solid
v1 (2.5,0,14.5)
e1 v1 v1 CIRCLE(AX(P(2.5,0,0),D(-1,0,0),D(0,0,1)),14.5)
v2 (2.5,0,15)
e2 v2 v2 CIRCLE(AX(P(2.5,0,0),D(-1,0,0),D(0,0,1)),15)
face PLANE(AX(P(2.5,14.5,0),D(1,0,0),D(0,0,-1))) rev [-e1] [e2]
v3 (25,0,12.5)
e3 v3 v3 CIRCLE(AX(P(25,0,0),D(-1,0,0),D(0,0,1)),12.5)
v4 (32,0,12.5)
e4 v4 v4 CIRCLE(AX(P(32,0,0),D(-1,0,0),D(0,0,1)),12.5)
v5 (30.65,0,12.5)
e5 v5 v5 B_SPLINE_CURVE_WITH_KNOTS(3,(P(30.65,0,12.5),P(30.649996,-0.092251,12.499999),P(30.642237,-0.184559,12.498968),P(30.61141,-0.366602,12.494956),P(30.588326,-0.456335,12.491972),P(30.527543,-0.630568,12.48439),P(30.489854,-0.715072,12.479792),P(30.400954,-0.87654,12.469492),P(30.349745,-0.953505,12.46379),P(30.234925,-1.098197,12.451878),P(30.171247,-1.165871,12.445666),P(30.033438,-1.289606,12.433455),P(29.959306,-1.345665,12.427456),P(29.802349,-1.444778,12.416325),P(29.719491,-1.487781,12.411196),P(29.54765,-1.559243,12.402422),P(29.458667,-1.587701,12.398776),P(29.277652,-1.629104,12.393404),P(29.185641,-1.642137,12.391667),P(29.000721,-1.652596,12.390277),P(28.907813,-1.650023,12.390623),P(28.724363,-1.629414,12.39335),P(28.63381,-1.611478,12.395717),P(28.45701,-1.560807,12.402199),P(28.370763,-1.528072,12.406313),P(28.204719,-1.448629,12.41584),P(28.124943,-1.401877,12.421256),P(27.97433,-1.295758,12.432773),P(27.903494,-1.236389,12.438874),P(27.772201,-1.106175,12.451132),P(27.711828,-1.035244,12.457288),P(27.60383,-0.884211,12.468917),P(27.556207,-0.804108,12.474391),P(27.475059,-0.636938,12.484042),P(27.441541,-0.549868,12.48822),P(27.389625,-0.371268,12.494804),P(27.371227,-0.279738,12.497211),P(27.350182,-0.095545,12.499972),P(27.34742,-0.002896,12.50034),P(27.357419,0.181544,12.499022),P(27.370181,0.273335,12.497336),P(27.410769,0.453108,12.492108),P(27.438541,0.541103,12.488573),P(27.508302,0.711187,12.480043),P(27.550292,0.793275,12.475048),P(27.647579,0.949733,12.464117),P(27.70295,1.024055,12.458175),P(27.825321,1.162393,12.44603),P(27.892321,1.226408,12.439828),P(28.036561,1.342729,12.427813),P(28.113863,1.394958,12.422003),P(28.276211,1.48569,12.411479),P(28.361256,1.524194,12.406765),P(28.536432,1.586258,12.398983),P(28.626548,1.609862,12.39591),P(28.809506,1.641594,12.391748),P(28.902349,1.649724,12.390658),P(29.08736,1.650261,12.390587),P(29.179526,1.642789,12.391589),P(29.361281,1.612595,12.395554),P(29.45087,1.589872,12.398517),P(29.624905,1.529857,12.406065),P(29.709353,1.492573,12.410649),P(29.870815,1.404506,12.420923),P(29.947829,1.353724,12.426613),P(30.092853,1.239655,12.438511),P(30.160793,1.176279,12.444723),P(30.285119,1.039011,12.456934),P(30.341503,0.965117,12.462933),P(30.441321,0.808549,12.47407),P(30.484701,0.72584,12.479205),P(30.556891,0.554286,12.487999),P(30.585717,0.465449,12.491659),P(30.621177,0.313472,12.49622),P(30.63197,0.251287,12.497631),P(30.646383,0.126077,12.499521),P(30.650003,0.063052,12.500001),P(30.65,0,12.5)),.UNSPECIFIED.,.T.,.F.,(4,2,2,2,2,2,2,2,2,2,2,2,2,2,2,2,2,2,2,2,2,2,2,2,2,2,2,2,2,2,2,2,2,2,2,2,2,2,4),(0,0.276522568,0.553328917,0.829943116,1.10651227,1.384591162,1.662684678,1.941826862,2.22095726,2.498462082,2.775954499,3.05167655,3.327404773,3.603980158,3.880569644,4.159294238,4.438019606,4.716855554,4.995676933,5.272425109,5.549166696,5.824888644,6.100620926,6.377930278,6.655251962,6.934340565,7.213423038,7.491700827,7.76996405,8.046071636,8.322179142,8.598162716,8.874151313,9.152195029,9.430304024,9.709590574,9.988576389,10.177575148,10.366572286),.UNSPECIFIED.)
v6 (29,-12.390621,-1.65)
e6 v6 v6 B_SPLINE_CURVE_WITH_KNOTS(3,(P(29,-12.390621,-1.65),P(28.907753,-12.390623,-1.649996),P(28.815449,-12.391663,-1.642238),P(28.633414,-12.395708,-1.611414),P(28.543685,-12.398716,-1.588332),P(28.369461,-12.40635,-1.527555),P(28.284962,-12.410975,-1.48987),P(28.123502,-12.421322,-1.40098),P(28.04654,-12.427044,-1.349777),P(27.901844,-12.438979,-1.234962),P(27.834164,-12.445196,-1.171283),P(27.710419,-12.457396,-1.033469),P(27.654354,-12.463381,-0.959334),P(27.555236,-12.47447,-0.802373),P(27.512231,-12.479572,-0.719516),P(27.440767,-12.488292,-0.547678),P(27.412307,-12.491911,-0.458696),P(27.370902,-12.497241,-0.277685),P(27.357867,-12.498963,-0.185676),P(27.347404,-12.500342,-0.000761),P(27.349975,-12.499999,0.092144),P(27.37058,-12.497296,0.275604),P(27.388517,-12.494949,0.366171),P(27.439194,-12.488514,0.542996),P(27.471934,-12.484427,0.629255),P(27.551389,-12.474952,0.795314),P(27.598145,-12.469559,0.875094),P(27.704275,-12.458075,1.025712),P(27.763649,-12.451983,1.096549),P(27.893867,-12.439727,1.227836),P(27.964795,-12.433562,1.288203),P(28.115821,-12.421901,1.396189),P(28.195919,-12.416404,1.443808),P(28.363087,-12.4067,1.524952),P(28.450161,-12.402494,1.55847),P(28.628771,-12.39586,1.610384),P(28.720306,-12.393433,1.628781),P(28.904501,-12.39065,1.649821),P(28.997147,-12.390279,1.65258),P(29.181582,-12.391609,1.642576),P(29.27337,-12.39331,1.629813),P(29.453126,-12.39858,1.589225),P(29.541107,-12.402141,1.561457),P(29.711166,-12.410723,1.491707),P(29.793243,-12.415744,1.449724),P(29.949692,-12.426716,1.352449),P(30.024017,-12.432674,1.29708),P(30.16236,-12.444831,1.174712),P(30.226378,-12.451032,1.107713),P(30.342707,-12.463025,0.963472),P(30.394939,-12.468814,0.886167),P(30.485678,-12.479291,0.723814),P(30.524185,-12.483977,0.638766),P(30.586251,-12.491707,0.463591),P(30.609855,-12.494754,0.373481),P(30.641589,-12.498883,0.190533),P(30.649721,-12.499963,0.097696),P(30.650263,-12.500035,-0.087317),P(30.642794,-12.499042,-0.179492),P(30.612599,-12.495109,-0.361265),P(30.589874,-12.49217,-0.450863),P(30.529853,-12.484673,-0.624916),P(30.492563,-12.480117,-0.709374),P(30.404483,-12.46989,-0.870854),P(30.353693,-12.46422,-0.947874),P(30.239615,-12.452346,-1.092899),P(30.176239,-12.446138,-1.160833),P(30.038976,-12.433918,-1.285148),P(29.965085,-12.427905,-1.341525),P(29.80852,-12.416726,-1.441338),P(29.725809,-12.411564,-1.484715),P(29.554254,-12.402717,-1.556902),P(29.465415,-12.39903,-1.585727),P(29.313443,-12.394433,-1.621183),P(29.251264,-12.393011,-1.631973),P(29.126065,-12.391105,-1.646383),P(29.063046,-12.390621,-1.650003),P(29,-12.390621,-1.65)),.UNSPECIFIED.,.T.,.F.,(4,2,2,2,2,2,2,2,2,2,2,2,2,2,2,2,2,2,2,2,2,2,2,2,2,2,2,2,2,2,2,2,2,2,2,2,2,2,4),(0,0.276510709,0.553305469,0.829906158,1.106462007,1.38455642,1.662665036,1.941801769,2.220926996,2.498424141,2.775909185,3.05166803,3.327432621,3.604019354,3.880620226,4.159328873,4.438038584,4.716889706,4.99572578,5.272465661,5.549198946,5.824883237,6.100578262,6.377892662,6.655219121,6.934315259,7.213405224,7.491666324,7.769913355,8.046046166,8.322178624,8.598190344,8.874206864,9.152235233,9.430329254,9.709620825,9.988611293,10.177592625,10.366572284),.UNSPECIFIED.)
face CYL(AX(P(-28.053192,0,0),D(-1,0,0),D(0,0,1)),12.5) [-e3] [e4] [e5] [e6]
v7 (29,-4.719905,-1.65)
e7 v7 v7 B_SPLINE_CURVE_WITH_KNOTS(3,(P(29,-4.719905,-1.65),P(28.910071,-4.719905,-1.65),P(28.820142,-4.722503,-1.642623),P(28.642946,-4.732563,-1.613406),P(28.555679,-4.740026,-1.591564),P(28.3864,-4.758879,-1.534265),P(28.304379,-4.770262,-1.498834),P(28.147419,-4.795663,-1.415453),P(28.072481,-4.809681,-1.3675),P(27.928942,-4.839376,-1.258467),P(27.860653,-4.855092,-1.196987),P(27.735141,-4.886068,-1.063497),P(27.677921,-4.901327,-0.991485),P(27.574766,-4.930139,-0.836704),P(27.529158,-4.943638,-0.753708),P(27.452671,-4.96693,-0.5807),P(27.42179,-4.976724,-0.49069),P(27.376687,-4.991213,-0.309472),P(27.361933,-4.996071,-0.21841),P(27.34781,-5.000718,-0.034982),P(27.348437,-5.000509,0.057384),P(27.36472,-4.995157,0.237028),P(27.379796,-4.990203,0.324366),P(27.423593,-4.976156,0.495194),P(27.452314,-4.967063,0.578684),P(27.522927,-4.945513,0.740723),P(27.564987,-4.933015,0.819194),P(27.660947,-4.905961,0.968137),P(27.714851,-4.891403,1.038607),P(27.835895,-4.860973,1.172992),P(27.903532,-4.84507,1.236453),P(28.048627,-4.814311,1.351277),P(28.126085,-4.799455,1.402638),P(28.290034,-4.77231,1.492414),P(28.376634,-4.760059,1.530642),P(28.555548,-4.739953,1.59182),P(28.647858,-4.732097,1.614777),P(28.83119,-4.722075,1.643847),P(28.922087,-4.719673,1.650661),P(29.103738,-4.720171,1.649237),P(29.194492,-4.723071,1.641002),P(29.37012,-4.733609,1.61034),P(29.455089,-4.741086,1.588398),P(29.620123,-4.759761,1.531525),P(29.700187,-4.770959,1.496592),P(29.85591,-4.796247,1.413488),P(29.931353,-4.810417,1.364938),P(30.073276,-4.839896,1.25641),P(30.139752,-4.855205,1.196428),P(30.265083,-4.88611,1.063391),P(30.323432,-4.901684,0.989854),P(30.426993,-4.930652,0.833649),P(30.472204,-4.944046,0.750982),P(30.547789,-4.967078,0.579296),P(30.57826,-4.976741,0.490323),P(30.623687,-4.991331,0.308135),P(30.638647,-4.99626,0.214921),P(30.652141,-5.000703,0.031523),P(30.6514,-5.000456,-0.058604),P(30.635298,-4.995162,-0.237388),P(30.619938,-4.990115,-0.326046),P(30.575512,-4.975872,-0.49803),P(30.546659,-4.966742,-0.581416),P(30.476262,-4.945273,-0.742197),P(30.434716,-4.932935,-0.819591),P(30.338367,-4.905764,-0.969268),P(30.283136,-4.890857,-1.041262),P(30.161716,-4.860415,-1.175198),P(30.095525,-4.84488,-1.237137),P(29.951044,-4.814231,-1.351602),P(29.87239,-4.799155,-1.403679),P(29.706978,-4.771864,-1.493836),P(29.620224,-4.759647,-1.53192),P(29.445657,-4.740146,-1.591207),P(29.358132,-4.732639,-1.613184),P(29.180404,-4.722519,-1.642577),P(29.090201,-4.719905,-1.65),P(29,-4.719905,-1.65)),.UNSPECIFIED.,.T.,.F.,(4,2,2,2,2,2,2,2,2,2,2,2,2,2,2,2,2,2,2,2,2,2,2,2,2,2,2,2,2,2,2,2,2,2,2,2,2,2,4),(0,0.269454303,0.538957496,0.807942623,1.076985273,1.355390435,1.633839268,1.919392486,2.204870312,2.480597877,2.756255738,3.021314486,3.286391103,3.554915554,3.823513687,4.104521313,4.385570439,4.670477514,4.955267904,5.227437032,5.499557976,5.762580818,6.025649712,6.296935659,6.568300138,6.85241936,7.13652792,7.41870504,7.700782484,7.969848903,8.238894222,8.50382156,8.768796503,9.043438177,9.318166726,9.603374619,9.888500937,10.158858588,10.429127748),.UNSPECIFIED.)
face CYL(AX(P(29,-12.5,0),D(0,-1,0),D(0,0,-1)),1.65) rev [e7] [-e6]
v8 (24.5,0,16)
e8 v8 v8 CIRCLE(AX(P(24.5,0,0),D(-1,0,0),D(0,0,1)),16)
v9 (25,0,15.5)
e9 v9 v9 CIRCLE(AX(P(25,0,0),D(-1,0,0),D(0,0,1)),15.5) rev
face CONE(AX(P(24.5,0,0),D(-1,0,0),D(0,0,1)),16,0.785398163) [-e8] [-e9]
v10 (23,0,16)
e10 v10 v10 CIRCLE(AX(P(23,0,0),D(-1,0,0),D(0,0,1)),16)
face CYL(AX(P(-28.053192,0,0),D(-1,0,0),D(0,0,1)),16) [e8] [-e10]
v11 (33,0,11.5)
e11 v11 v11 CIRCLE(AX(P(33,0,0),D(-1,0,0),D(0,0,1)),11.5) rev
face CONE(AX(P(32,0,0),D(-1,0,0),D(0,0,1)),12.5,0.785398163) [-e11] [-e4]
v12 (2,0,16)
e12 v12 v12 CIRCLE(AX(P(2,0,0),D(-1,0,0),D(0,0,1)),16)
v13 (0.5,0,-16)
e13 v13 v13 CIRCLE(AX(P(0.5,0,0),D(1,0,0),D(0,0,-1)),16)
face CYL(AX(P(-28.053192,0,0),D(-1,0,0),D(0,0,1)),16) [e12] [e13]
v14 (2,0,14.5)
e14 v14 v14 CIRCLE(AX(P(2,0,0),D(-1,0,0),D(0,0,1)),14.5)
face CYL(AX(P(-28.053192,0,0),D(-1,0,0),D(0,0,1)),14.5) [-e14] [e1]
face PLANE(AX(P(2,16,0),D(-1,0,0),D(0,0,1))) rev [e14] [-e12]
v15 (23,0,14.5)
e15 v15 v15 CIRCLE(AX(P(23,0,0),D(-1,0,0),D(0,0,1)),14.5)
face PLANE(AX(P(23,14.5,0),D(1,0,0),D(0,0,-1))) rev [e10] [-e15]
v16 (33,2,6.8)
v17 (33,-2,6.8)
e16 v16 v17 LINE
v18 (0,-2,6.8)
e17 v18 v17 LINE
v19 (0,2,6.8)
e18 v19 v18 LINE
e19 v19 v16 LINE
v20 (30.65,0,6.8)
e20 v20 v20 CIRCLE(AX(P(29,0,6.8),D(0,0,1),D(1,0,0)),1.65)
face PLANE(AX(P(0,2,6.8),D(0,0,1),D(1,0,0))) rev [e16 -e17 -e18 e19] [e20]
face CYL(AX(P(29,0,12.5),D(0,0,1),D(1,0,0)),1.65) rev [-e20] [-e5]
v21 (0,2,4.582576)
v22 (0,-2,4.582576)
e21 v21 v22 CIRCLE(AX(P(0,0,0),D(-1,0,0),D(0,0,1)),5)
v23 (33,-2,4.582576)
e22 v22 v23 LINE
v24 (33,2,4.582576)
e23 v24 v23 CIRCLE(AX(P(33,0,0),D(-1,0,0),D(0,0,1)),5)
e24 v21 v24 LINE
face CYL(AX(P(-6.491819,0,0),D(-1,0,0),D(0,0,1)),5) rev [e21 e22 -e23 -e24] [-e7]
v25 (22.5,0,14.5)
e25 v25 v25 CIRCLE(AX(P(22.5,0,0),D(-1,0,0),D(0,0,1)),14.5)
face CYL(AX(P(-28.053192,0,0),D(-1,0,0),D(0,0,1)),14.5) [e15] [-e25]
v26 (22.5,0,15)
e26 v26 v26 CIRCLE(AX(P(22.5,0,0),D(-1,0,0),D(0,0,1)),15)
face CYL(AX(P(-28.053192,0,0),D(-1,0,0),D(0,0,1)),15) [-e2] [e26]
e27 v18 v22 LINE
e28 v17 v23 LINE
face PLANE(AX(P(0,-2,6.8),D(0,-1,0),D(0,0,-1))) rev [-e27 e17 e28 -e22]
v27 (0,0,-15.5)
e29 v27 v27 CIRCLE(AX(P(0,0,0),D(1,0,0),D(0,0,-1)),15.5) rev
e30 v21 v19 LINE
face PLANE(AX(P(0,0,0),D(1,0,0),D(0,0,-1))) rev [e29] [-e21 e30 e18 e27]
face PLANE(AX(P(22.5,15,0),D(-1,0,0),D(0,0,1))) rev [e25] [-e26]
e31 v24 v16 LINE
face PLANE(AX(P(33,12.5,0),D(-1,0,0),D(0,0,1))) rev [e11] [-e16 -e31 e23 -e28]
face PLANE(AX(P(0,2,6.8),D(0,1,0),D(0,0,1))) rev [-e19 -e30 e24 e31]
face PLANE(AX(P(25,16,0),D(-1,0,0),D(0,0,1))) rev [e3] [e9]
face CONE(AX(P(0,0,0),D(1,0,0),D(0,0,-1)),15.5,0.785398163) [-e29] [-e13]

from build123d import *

# Parameters (mm, degrees)
SKETCH2_W                  = 33
SKETCH2_H                  = 5
SKETCH3_W                  = 2.217424305
SKETCH3_H                  = 4
CUT_EXTRUDE1_DEPTH         = 41.012498047
M4X0_7_TAPPED_HOLE1_REACH  = 48.446
M4X0_7_TAPPED_HOLE1_BORE_R = 1.65
CIRPATTERN1_COUNT          = 2
CIRPATTERN1_ANGLE          = 90
CHAMFER1_SIZE              = 1
CHAMFER2_SIZE              = 0.5


with BuildPart() as part:
    # Sketch1 → Revolve1 (revolve)
    with BuildSketch(Plane.XY, mode=Mode.PRIVATE) as revolve1_sk:
        Polygon((0, 0), (0, 16), (2, 16), (2, 14.5), (2.5, 14.5), (2.5, 15), (22.5, 15), (22.5, 14.5), (23, 14.5), (23, 16), (25, 16), (25, 12.5), (33, 12.5), (33, 0), align=None)
    revolve(revolve1_sk.sketch.rotate(Axis((-28.053191665, 0, 0), (1, 0, 0)), 90), axis=Axis((-28.053191665, 0, 0), (1, 0, 0)))

    # Sketch2 → Cut-Revolve1 (revolve, cut)
    with BuildSketch(Plane.XY, mode=Mode.PRIVATE) as cut_revolve1_sk:
        with Locations((16.5, 2.5)):
            Rectangle(SKETCH2_W, SKETCH2_H)
    revolve(cut_revolve1_sk.sketch.rotate(Axis((-6.491818973, 0, 0), (1, 0, 0)), 90), axis=Axis((-6.491818973, 0, 0), (1, 0, 0)), mode=Mode.SUBTRACT)

    # Sketch3 → Cut-Extrude1 (cut, through all)
    with BuildSketch(Plane(origin=(33, 0, 0), x_dir=(0, 0, -1), z_dir=(1, 0, 0))):
        with Locations((-5.691287847, 0)):
            Rectangle(SKETCH3_W, SKETCH3_H)
    extrude(amount=-CUT_EXTRUDE1_DEPTH, mode=Mode.SUBTRACT)

    # M4x0.7 Tapped Hole1 bore → M4x0.7 Tapped Hole1 (cut, up to next)
    with BuildSketch(Plane.XY.offset(12.5), mode=Mode.PRIVATE) as m4x0_7_tapped_hole1_sk1:
        with Locations((29, 0)):
            Circle(M4X0_7_TAPPED_HOLE1_BORE_R)
    m4x0_7_tapped_hole1_tool1 = extrude(m4x0_7_tapped_hole1_sk1.sketch, amount=-M4X0_7_TAPPED_HOLE1_REACH, mode=Mode.PRIVATE) & part.part
    m4x0_7_tapped_hole1 = m4x0_7_tapped_hole1_tool1.solids().sort_by_distance((29, 0, 12.5))[0]
    add(m4x0_7_tapped_hole1, mode=Mode.SUBTRACT)

    # CirPattern1: M4x0.7 Tapped Hole1; each copy of M4x0.7 Tapped Hole1 runs up to whatever stops it at its own place
    cirpattern1_before = part.part  # the part as the pattern finds it: every copy runs up to it
    cirpattern1_m4x0_7_tapped_hole1_long = extrude(m4x0_7_tapped_hole1_sk1.sketch, amount=-M4X0_7_TAPPED_HOLE1_REACH, mode=Mode.PRIVATE)
    cirpattern1_m4x0_7_tapped_hole1_tool1 = cirpattern1_m4x0_7_tapped_hole1_long.rotate(Axis((-6.491818973, 0, 0), (1, 0, 0)), 1 * CIRPATTERN1_ANGLE / (CIRPATTERN1_COUNT - 1)) & cirpattern1_before
    add(cirpattern1_m4x0_7_tapped_hole1_tool1.solids().sort_by_distance((29, -12.5, 0))[0], mode=Mode.SUBTRACT)

    # Chamfer1
    chamfer1_edges = [part.edges().sort_by_distance(p)[0] for p in [
        (33, 0, -12.5),
    ]]
    chamfer(chamfer1_edges, length=CHAMFER1_SIZE)

    # Chamfer2
    chamfer2_edges = [part.edges().sort_by_distance(p)[0] for p in [
        (25, 0, -16),
        (0, 0, -16),
    ]]
    chamfer(chamfer2_edges, length=CHAMFER2_SIZE)


solid = part.part
